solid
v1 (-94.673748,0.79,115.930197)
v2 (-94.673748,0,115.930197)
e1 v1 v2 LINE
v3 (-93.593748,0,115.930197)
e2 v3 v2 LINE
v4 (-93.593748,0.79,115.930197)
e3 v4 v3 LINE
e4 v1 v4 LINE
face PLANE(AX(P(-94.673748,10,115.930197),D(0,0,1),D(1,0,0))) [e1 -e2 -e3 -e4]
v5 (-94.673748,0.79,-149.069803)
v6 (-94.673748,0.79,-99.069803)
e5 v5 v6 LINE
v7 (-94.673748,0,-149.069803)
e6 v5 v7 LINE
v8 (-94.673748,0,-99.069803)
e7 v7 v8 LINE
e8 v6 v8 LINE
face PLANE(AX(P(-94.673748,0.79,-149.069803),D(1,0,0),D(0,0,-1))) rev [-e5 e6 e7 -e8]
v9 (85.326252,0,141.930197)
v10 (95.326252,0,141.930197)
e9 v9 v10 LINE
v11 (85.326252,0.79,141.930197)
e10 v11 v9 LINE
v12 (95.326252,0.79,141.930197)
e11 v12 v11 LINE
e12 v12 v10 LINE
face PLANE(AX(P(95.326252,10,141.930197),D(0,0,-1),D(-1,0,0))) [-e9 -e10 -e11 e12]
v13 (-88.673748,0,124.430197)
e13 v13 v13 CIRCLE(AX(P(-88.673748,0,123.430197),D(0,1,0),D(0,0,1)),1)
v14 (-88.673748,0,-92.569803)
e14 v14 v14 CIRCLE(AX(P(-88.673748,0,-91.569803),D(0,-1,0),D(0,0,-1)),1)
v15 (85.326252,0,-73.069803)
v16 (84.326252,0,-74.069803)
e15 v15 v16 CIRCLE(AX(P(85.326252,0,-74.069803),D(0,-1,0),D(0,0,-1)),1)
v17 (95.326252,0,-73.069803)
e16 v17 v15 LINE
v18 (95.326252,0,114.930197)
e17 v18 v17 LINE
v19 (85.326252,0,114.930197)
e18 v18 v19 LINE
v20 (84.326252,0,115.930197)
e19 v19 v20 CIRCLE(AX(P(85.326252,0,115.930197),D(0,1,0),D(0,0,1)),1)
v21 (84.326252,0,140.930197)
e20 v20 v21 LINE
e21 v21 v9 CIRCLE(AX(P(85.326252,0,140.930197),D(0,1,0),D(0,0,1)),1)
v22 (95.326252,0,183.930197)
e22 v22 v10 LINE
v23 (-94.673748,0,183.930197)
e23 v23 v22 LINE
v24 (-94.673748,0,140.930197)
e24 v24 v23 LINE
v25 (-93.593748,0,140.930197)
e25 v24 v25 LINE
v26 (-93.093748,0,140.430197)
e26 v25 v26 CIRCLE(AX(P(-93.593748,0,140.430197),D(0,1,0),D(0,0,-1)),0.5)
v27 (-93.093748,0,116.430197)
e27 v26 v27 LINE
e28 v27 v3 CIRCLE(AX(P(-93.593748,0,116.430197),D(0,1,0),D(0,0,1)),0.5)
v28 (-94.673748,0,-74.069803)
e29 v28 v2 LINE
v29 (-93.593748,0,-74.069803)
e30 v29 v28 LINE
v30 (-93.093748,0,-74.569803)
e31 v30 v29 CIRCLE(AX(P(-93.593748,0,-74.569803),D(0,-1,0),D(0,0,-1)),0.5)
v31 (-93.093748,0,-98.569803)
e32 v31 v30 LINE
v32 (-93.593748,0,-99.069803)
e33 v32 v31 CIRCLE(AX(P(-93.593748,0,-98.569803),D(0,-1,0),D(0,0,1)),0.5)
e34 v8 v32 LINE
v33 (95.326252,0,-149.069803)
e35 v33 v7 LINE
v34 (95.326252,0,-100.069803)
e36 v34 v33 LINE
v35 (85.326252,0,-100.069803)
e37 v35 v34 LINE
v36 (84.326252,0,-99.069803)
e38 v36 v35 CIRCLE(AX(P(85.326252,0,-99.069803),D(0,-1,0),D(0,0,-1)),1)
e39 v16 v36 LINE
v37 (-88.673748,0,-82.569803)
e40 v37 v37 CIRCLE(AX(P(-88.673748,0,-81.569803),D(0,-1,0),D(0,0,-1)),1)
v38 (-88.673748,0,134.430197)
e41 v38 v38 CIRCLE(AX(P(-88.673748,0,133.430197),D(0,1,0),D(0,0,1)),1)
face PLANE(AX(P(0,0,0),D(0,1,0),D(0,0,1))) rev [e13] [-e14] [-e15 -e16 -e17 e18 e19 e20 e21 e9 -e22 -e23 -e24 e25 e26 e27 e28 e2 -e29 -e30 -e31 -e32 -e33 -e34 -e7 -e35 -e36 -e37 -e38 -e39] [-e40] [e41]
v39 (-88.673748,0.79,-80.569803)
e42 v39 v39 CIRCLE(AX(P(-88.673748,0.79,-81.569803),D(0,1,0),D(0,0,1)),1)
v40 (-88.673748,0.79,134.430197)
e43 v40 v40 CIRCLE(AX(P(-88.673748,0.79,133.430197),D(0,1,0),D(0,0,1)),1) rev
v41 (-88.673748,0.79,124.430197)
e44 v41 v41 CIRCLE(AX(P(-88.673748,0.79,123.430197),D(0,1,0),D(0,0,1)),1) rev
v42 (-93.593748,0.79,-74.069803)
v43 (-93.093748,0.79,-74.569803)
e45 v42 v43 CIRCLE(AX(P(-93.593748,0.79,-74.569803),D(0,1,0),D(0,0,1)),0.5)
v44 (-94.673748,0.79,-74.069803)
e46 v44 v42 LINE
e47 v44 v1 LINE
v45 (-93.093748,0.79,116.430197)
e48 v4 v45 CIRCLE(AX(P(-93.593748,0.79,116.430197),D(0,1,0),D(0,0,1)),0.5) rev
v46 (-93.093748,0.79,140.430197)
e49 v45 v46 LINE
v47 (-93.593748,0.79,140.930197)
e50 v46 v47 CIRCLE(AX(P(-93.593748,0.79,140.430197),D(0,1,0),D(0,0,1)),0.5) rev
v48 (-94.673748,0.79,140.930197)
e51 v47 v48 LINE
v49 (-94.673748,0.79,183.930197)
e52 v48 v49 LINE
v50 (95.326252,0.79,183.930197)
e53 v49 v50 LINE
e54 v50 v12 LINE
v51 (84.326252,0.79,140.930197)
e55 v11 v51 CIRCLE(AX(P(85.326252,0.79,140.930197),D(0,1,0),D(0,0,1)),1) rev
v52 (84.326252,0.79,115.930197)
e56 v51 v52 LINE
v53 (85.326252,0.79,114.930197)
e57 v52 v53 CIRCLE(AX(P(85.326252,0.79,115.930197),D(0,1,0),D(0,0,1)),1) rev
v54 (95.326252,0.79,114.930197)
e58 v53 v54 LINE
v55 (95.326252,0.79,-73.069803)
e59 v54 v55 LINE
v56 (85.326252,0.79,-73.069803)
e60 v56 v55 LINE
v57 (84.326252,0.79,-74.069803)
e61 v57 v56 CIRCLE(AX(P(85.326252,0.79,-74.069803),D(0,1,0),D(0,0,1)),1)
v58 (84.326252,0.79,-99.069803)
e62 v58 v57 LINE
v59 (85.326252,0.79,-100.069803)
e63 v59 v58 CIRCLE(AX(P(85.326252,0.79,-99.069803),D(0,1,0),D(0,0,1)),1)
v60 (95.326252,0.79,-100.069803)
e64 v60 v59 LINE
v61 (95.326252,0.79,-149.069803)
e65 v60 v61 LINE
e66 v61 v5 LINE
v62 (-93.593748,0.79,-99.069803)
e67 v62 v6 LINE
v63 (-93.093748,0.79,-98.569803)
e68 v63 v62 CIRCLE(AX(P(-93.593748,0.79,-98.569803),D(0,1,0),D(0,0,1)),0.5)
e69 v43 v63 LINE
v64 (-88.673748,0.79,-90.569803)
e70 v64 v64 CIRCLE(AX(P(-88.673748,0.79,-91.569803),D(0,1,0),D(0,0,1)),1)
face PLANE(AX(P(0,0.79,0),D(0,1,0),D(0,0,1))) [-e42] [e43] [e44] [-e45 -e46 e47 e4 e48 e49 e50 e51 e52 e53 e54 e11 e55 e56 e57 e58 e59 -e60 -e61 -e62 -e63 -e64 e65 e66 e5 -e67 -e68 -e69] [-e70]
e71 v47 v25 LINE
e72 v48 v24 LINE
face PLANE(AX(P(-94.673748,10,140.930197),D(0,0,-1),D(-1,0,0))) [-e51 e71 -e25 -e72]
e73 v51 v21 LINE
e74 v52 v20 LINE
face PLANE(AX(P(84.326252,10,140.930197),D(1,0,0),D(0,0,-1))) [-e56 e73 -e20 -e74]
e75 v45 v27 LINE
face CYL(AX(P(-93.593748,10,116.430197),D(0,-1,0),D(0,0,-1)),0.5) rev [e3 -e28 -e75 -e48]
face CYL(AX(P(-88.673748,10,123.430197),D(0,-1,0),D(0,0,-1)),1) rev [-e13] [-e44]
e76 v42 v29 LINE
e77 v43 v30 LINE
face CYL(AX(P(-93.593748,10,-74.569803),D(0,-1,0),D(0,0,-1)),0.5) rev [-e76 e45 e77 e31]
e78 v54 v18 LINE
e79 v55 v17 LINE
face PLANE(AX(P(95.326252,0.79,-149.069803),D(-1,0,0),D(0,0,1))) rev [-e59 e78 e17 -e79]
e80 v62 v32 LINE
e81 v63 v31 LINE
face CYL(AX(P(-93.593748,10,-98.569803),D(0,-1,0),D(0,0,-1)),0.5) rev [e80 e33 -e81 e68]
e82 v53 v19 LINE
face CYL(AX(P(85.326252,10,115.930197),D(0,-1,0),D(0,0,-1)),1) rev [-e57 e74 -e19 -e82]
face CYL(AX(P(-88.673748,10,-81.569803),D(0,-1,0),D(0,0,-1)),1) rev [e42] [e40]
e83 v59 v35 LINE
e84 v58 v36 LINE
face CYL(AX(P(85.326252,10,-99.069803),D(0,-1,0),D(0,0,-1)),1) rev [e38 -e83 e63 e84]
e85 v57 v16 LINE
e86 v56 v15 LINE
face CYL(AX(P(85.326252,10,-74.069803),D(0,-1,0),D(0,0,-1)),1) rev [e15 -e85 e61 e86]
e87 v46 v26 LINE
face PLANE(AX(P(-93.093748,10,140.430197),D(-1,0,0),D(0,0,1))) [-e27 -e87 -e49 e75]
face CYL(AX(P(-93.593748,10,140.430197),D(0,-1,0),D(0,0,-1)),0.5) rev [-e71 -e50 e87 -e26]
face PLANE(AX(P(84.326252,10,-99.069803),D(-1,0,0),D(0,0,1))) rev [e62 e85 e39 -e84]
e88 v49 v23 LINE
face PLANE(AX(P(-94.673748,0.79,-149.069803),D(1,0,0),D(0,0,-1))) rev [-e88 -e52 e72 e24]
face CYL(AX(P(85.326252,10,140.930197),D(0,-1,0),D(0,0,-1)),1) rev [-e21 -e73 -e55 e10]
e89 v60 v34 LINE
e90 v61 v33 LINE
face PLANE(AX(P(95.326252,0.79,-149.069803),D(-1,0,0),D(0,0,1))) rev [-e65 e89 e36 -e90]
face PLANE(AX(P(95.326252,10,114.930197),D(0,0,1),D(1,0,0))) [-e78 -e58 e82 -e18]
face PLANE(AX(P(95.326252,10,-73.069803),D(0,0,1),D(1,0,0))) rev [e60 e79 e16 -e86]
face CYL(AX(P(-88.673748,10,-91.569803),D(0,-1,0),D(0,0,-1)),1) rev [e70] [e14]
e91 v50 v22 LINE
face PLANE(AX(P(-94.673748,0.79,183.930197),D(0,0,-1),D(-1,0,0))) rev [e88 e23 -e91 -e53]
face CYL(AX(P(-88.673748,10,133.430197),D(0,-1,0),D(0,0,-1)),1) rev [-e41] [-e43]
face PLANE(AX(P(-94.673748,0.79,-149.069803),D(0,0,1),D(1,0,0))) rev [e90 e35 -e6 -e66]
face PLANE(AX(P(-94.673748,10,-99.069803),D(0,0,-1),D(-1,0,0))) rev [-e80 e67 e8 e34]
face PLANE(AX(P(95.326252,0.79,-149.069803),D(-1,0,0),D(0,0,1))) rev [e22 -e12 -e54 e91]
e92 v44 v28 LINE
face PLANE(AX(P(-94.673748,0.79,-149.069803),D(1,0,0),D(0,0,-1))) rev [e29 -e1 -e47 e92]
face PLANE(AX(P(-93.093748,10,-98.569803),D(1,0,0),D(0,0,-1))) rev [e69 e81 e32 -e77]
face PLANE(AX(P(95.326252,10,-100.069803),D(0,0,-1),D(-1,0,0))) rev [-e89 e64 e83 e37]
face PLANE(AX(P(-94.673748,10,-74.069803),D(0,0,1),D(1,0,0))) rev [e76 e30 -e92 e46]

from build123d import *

# Parameters (mm, degrees)
PANEL_DEPTH        = 0.79
SKETCH5_R          = 1
HINGE_MOUNT_DEPTH  = 10
HINGE_CUTOUT_DEPTH = 10


with BuildPart() as part:
    # Sketch1 → Panel (new body)
    with BuildSketch(Plane(origin=(0, 0, 0), x_dir=(1, 0, 0), z_dir=(0, 1, 0))):
        Polygon((65.326251897, 149.069802731), (95.326251897, 149.069802731), (95.326251897, -183.930197269), (-94.673748103, -183.930197269), (-94.673748103, 149.069802731), (-64.673748103, 149.069802731), (-39.673748103, 149.069802731), (40.326251897, 149.069802731), align=None)
    extrude(amount=PANEL_DEPTH)

    # Sketch5 → Hinge Mount (cut)
    with BuildSketch(Plane.XZ):
        with Locations(Location((-88.673748103, -91.569802731, 0), (0, 0, 270))):
            Circle(SKETCH5_R)
        with Locations(Location((-88.673748103, -81.569802731, 0), (0, 0, 270))):
            Circle(SKETCH5_R)
        with BuildLine():
            Line((-94.673748103, -99.069802731), (-93.593748103, -99.069802731))
            ThreePointArc((-93.593748103, -99.069802731), (-93.240194713, -98.923356122), (-93.093748103, -98.569802731))
            Line((-93.093748103, -98.569802731), (-93.093748103, -74.569802731))
            ThreePointArc((-93.093748103, -74.569802731), (-93.240194713, -74.216249341), (-93.593748103, -74.069802731))
            Line((-93.593748103, -74.069802731), (-94.673748103, -74.069802731))
            Line((-94.673748103, -74.069802731), (-94.673748103, -99.069802731))
        make_face()
    hinge_mount = extrude(amount=-HINGE_MOUNT_DEPTH, mode=Mode.SUBTRACT)

    # Sketch6 → Hinge Cutout (cut)
    with BuildSketch(Plane.XZ):
        with BuildLine():
            Line((95.326251897, -100.069802731), (85.326251897, -100.069802731))
            ThreePointArc((85.326251897, -100.069802731), (84.619145116, -99.776909513), (84.326251897, -99.069802731))
            Line((84.326251897, -99.069802731), (84.326251897, -74.069802731))
            ThreePointArc((84.326251897, -74.069802731), (84.619145116, -73.36269595), (85.326251897, -73.069802731))
            Line((85.326251897, -73.069802731), (95.326251897, -73.069802731))
            Line((95.326251897, -73.069802731), (95.326251897, -100.069802731))
        make_face()
    hinge_cutout = extrude(amount=-HINGE_CUTOUT_DEPTH, mode=Mode.SUBTRACT)

    # Mirror1: Hinge Mount, Hinge Cutout across plane
    add(hinge_mount.mirror(Plane(origin=(0, 0, 20.930197269), x_dir=(1, 0, 0), z_dir=(0, 0, -1))), mode=Mode.SUBTRACT)
    add(hinge_cutout.mirror(Plane(origin=(0, 0, 20.930197269), x_dir=(1, 0, 0), z_dir=(0, 0, -1))), mode=Mode.SUBTRACT)


solid = part.part
